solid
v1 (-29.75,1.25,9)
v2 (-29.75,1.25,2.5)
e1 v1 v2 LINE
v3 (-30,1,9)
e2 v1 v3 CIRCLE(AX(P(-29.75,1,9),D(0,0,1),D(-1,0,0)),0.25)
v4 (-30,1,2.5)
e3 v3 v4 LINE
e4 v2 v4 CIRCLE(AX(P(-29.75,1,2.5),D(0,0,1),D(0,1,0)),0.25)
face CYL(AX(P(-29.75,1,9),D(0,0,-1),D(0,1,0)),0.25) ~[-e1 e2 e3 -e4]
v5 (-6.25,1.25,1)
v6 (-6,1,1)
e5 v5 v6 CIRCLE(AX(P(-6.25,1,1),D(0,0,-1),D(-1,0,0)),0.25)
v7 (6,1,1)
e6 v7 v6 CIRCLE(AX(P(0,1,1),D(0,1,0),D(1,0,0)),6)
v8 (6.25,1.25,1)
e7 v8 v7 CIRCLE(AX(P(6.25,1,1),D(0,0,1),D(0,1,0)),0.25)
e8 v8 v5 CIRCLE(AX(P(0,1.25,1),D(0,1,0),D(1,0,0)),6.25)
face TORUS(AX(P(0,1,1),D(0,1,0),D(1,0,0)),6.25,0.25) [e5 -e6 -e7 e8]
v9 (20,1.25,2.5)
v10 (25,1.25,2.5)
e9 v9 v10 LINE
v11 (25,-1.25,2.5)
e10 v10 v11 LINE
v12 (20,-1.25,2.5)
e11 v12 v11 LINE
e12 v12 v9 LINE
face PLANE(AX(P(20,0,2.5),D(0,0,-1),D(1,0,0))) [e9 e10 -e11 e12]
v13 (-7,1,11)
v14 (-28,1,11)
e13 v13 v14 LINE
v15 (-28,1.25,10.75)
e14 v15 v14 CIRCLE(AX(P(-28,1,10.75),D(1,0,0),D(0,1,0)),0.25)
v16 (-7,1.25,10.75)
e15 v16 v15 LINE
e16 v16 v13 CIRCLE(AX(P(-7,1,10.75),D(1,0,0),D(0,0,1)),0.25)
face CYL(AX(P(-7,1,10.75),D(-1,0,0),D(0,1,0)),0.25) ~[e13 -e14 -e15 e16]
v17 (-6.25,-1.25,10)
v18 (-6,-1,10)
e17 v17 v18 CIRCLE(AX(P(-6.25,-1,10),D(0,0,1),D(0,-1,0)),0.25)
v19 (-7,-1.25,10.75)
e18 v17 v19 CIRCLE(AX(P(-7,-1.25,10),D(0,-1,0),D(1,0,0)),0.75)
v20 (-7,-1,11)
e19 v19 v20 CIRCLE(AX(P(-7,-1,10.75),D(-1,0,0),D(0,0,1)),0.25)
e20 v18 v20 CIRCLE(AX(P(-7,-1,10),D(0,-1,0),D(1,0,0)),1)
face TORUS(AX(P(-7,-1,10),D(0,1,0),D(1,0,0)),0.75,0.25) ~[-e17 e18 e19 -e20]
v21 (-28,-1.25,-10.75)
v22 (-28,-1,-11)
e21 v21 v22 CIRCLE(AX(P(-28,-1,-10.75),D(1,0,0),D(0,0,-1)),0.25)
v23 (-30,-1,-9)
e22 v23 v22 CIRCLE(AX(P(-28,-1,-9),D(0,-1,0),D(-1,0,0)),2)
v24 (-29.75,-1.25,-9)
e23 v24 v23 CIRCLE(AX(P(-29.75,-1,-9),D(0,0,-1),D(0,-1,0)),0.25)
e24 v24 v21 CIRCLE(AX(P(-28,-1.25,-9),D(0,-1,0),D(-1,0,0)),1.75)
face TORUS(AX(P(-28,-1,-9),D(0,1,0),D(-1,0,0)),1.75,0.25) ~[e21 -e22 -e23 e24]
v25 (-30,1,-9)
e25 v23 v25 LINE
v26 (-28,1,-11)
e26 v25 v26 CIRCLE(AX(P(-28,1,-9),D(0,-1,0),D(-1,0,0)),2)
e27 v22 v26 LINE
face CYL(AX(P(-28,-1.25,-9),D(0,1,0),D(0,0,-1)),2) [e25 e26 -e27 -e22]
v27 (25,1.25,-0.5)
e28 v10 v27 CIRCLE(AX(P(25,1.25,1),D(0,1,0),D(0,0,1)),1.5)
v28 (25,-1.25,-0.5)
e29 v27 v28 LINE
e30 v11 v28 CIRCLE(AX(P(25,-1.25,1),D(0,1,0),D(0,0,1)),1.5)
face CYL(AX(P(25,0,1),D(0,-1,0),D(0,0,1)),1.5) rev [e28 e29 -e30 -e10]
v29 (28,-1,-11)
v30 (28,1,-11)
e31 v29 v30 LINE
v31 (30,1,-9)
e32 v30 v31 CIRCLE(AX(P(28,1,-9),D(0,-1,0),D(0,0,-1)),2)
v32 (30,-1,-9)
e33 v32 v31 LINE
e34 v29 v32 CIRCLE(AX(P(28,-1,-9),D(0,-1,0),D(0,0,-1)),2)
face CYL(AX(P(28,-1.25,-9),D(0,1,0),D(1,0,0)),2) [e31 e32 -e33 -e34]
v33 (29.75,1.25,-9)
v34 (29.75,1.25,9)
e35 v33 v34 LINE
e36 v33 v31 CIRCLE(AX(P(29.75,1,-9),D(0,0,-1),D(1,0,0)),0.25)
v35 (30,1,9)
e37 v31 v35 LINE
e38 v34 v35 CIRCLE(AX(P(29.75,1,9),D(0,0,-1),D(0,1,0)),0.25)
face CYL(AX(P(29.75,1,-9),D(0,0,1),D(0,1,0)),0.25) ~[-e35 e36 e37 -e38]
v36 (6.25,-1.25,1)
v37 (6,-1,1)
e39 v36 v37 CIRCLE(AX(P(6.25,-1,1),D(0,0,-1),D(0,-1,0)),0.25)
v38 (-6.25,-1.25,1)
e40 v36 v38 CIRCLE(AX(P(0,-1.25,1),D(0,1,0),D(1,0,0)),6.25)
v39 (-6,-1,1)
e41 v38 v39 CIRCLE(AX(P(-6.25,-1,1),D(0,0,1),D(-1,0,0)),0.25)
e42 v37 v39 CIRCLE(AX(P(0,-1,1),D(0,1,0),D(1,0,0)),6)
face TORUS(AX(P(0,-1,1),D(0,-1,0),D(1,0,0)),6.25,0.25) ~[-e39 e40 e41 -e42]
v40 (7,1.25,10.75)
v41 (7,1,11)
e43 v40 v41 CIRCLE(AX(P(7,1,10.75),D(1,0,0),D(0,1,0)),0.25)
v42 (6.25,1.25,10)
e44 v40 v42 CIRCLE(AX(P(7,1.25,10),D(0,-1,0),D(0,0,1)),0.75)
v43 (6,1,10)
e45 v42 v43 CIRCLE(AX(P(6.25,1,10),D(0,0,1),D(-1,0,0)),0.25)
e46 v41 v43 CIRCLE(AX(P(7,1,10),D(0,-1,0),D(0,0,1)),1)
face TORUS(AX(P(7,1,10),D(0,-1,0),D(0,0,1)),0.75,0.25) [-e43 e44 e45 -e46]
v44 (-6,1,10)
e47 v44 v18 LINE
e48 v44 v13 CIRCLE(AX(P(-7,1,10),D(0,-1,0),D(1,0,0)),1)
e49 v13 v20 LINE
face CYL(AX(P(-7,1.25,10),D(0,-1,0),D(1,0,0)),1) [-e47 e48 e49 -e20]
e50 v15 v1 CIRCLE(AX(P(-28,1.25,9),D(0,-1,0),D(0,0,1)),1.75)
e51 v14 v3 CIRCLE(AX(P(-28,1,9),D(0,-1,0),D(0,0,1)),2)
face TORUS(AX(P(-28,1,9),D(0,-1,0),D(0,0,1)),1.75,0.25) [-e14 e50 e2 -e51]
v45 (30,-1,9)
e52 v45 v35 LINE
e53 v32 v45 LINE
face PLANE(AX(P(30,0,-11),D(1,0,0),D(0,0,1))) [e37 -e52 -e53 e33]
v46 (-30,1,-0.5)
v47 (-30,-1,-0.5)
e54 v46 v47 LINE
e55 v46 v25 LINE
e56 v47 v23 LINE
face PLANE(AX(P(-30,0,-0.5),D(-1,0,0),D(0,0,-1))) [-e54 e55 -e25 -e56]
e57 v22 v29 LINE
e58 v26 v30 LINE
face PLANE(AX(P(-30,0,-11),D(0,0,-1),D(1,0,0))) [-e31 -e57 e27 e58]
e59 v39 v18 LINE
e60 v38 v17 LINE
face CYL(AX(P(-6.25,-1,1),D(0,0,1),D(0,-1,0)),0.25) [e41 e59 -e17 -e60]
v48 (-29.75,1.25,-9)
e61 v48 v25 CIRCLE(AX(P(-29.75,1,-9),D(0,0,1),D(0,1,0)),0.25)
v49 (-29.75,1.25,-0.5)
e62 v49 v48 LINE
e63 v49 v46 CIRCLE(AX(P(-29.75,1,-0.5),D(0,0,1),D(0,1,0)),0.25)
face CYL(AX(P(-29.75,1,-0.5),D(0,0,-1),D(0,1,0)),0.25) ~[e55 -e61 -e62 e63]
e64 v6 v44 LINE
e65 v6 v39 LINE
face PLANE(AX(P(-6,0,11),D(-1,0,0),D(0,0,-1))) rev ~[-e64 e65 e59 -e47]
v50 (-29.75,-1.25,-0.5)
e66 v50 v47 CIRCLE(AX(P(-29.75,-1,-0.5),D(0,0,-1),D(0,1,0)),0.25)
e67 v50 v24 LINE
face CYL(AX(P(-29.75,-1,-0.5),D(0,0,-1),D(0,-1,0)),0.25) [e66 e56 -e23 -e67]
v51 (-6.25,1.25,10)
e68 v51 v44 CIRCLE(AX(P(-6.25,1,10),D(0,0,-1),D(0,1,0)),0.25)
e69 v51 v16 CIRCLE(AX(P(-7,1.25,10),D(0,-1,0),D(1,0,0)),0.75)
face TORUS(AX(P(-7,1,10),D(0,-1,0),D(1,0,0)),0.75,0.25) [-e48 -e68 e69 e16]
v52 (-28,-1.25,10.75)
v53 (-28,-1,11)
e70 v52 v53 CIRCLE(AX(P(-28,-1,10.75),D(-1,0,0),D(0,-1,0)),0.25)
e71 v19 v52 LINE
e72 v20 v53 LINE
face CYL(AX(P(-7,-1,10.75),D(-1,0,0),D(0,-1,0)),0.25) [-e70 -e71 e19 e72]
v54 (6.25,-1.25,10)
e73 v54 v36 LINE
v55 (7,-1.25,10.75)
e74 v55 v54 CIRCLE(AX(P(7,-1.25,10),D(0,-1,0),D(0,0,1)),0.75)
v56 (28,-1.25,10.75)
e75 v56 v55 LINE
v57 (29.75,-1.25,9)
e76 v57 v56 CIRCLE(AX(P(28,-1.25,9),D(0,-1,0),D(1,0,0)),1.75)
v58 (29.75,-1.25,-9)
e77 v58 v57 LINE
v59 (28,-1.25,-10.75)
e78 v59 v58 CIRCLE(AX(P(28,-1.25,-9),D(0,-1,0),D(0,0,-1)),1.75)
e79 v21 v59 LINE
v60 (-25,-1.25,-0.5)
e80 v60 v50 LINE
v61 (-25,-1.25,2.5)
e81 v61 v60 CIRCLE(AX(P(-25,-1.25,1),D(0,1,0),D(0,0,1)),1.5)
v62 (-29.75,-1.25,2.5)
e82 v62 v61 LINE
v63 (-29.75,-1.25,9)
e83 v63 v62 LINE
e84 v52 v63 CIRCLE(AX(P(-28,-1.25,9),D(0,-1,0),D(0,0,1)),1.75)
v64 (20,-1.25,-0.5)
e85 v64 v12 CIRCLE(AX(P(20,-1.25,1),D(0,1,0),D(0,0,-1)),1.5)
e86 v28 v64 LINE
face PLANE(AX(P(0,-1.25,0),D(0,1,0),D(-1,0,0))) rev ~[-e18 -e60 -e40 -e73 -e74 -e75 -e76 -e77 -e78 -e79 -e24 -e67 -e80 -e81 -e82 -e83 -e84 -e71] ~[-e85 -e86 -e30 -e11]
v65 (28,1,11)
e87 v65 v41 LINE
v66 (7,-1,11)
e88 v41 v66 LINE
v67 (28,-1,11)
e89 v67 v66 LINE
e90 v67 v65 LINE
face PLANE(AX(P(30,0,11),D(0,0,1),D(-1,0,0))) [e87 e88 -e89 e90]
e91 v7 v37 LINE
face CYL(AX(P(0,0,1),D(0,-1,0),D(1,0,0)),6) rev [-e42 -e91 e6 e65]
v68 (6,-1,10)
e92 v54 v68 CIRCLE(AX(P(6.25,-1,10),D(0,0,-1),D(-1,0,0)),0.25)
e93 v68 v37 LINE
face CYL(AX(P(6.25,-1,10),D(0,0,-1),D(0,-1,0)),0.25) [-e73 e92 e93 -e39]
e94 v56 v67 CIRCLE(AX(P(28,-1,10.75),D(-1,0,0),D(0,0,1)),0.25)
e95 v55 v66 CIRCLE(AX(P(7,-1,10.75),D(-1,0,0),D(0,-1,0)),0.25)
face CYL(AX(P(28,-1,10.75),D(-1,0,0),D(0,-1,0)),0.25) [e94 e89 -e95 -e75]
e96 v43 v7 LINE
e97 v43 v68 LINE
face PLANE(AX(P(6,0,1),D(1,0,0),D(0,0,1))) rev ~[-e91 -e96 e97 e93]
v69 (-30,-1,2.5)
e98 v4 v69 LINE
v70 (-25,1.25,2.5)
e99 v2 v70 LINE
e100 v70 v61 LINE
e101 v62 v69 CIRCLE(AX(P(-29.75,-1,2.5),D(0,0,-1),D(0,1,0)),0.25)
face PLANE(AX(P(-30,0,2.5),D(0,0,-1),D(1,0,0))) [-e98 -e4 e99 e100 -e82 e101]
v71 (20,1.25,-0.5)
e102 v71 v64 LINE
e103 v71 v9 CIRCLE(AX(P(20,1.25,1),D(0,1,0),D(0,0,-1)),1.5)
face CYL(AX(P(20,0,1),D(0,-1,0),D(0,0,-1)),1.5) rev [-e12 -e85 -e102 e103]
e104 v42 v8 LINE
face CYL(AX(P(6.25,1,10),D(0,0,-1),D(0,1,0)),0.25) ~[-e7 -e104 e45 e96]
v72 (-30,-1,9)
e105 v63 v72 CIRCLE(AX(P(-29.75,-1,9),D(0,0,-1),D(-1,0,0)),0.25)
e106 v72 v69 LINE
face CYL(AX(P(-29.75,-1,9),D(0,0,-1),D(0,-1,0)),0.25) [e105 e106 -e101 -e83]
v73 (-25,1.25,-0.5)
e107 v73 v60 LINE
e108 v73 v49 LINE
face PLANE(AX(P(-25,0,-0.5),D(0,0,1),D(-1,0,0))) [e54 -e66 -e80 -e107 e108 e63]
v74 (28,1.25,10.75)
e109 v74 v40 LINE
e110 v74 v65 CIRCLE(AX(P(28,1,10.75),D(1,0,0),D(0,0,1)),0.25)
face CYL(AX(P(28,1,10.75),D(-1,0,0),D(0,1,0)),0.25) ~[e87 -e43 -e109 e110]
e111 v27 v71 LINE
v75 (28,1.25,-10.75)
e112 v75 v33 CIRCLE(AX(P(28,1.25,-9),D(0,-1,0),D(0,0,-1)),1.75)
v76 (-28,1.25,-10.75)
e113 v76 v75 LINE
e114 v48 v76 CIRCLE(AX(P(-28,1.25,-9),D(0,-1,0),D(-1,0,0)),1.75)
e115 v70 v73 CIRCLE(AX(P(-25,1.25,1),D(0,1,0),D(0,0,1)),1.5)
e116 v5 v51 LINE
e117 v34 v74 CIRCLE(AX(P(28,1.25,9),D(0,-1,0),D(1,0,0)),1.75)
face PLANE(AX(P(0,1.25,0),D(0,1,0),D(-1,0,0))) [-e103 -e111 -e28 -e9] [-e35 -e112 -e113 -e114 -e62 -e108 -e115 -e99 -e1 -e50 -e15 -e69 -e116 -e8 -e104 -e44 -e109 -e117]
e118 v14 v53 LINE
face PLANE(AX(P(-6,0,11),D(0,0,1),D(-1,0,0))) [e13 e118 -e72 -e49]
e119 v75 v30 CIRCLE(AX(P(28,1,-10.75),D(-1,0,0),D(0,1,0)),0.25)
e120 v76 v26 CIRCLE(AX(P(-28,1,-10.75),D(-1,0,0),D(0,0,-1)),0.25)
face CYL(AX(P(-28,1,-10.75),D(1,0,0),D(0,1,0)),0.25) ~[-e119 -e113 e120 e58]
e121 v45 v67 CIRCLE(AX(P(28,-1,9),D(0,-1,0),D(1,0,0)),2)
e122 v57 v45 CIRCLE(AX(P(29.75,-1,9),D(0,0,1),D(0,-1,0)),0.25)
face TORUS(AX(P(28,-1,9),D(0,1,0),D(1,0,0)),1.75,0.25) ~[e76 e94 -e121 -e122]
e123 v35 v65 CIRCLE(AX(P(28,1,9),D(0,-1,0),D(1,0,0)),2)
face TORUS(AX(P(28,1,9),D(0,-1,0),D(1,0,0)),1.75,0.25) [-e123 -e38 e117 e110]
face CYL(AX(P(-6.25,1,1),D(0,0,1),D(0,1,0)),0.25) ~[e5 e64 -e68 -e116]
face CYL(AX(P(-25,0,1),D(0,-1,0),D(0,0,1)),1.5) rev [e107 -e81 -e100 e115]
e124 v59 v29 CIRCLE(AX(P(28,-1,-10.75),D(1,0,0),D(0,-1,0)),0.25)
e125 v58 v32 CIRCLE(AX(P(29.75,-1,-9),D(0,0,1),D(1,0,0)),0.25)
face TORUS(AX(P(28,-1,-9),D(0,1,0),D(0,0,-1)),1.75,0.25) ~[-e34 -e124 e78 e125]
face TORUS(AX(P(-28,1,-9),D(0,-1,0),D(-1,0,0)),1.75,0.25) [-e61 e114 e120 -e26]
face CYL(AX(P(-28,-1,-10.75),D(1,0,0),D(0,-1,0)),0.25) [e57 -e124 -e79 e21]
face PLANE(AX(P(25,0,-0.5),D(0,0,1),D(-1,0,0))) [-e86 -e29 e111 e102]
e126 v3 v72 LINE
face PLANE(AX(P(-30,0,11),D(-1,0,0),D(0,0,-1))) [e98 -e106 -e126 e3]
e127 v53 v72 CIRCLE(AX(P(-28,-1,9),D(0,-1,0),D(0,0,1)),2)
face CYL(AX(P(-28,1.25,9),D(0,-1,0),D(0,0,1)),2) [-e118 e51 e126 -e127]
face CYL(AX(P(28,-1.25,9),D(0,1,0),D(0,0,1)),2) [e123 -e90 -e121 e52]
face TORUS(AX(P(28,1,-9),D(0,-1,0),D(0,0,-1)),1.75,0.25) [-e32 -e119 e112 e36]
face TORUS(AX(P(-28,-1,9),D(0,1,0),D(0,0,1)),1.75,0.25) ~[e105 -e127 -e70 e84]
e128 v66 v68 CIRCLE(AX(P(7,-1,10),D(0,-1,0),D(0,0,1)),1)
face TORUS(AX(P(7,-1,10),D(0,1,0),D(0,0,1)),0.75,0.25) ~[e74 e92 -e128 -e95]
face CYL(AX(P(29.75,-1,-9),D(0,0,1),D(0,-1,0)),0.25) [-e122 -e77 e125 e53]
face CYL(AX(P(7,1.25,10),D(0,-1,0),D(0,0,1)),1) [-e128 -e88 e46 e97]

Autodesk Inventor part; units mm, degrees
ref_plane "YZ Plane" through (0, 0, 0) normal (1, 0, 0) x (0, 1, 0)
ref_plane "XZ Plane" through (0, 0, 0) normal (0, 1, 0) x (-1, 0, 0)
ref_plane "XY Plane" through (0, 0, 0) normal (0, 0, 1) x (1, 0, 0)
sketch "Sketch1" plane through (0, 0, 0) normal (0, 1, 0) x (-1, 0, 0)
  line L0 (-30, 11) -> (-6, 11)
  line L1 (30, 11) -> (30, 2.5)
  line L2 (30, -11) -> (-30, -11)
  line L3 (-30, -11) -> (-30, 11)
  line L4 (-30, 11) -> (30, -11) construction
  line L5 (30, 11) -> (-30, -11) construction
  line L6 (6, 11) -> (6, 1)
  line L7 (-6, 1) -> (-6, 11)
  arc A0 (-6, 1) -> (6, 1) centre (0, 1) ccw
  line L8 (-20, 1) -> (-25, 1) construction
  line L9 (-20, 2.5) -> (-25, 2.5)
  line L10 (-25, -0.5) -> (-20, -0.5)
  arc A1 (-20, -0.5) -> (-20, 2.5) centre (-20, 1) ccw
  arc A2 (-25, 2.5) -> (-25, -0.5) centre (-25, 1) ccw
  line L11 (30, 1) -> (25, 1) construction
  line L12 (30, 2.5) -> (25, 2.5)
  line L13 (25, -0.5) -> (30, -0.5)
  arc A3 (30, -0.5) -> (30, 2.5) centre (30, 1) ccw construction
  arc A4 (25, 2.5) -> (25, -0.5) centre (25, 1) ccw
  line L14 (30, -0.5) -> (30, -11)
  line L15 (30, 2.5) -> (30, -0.5) construction
  line L16 (6, 11) -> (30, 11)
  line L17 (-6, 11) -> (6, 11) construction
  point P0 (0, 0)
  point P1 (0, 0)
  point P2 (0, 0)
  point P3 (-22.5, 1)
  point P4 (27.5, 1)
  dimension "d0" = 60
  dimension "d1" = 22
  dimension "d3" = 1
  dimension "d4" = 12
  dimension "d5" = 5
  dimension "d6" = 3
  dimension "d7" = 10
  dimension "d8" = 5
  dimension "d9" = 5
extrude "Extrusion1" add sketch "Sketch1" along normal mid plane 2.5
fillet "Fillet1" radius 2 4 edges at (-30, 0, -11) (-30, 0, 11) (30, 0, -11) (30, 0, 11)
fillet "Fillet1" radius 1 2 edges at (-6, 0, 11) (6, 0, 11)
fillet "Fillet2" radius 0.25 30 edges at (0, 1.25, -5) (6, 1.25, 5.5) (6.2929, 1.25, 10.7071) (17.5, 1.25, 11) (29.4142, 1.25, 10.4142) (30, 1.25, 0) (29.4142, 1.25, -10.4142) (0, 1.25, -11) (-29.4142, 1.25, -10.4142) (-30, 1.25, -4.75) (-6.2929, 1.25, 10.7071) (-17.5, 1.25, 11) (-29.4142, 1.25, 10.4142) (-30, 1.25, 5.75) (-6, 1.25, 5.5) (-6.2929, -1.25, 10.7071) (-17.5, -1.25, 11) (-29.4142, -1.25, 10.4142) (-30, -1.25, 5.75) (0, -1.25, -5) (6, -1.25, 5.5) (6.2929, -1.25, 10.7071) (17.5, -1.25, 11) (29.4142, -1.25, 10.4142) (30, -1.25, 0) (29.4142, -1.25, -10.4142) (0, -1.25, -11) (-29.4142, -1.25, -10.4142) (-30, -1.25, -4.75) (-6, -1.25, 5.5)
equation "\"d8\" = d5"
properties part number "Extruder Plate" material "Stainless Steel"
